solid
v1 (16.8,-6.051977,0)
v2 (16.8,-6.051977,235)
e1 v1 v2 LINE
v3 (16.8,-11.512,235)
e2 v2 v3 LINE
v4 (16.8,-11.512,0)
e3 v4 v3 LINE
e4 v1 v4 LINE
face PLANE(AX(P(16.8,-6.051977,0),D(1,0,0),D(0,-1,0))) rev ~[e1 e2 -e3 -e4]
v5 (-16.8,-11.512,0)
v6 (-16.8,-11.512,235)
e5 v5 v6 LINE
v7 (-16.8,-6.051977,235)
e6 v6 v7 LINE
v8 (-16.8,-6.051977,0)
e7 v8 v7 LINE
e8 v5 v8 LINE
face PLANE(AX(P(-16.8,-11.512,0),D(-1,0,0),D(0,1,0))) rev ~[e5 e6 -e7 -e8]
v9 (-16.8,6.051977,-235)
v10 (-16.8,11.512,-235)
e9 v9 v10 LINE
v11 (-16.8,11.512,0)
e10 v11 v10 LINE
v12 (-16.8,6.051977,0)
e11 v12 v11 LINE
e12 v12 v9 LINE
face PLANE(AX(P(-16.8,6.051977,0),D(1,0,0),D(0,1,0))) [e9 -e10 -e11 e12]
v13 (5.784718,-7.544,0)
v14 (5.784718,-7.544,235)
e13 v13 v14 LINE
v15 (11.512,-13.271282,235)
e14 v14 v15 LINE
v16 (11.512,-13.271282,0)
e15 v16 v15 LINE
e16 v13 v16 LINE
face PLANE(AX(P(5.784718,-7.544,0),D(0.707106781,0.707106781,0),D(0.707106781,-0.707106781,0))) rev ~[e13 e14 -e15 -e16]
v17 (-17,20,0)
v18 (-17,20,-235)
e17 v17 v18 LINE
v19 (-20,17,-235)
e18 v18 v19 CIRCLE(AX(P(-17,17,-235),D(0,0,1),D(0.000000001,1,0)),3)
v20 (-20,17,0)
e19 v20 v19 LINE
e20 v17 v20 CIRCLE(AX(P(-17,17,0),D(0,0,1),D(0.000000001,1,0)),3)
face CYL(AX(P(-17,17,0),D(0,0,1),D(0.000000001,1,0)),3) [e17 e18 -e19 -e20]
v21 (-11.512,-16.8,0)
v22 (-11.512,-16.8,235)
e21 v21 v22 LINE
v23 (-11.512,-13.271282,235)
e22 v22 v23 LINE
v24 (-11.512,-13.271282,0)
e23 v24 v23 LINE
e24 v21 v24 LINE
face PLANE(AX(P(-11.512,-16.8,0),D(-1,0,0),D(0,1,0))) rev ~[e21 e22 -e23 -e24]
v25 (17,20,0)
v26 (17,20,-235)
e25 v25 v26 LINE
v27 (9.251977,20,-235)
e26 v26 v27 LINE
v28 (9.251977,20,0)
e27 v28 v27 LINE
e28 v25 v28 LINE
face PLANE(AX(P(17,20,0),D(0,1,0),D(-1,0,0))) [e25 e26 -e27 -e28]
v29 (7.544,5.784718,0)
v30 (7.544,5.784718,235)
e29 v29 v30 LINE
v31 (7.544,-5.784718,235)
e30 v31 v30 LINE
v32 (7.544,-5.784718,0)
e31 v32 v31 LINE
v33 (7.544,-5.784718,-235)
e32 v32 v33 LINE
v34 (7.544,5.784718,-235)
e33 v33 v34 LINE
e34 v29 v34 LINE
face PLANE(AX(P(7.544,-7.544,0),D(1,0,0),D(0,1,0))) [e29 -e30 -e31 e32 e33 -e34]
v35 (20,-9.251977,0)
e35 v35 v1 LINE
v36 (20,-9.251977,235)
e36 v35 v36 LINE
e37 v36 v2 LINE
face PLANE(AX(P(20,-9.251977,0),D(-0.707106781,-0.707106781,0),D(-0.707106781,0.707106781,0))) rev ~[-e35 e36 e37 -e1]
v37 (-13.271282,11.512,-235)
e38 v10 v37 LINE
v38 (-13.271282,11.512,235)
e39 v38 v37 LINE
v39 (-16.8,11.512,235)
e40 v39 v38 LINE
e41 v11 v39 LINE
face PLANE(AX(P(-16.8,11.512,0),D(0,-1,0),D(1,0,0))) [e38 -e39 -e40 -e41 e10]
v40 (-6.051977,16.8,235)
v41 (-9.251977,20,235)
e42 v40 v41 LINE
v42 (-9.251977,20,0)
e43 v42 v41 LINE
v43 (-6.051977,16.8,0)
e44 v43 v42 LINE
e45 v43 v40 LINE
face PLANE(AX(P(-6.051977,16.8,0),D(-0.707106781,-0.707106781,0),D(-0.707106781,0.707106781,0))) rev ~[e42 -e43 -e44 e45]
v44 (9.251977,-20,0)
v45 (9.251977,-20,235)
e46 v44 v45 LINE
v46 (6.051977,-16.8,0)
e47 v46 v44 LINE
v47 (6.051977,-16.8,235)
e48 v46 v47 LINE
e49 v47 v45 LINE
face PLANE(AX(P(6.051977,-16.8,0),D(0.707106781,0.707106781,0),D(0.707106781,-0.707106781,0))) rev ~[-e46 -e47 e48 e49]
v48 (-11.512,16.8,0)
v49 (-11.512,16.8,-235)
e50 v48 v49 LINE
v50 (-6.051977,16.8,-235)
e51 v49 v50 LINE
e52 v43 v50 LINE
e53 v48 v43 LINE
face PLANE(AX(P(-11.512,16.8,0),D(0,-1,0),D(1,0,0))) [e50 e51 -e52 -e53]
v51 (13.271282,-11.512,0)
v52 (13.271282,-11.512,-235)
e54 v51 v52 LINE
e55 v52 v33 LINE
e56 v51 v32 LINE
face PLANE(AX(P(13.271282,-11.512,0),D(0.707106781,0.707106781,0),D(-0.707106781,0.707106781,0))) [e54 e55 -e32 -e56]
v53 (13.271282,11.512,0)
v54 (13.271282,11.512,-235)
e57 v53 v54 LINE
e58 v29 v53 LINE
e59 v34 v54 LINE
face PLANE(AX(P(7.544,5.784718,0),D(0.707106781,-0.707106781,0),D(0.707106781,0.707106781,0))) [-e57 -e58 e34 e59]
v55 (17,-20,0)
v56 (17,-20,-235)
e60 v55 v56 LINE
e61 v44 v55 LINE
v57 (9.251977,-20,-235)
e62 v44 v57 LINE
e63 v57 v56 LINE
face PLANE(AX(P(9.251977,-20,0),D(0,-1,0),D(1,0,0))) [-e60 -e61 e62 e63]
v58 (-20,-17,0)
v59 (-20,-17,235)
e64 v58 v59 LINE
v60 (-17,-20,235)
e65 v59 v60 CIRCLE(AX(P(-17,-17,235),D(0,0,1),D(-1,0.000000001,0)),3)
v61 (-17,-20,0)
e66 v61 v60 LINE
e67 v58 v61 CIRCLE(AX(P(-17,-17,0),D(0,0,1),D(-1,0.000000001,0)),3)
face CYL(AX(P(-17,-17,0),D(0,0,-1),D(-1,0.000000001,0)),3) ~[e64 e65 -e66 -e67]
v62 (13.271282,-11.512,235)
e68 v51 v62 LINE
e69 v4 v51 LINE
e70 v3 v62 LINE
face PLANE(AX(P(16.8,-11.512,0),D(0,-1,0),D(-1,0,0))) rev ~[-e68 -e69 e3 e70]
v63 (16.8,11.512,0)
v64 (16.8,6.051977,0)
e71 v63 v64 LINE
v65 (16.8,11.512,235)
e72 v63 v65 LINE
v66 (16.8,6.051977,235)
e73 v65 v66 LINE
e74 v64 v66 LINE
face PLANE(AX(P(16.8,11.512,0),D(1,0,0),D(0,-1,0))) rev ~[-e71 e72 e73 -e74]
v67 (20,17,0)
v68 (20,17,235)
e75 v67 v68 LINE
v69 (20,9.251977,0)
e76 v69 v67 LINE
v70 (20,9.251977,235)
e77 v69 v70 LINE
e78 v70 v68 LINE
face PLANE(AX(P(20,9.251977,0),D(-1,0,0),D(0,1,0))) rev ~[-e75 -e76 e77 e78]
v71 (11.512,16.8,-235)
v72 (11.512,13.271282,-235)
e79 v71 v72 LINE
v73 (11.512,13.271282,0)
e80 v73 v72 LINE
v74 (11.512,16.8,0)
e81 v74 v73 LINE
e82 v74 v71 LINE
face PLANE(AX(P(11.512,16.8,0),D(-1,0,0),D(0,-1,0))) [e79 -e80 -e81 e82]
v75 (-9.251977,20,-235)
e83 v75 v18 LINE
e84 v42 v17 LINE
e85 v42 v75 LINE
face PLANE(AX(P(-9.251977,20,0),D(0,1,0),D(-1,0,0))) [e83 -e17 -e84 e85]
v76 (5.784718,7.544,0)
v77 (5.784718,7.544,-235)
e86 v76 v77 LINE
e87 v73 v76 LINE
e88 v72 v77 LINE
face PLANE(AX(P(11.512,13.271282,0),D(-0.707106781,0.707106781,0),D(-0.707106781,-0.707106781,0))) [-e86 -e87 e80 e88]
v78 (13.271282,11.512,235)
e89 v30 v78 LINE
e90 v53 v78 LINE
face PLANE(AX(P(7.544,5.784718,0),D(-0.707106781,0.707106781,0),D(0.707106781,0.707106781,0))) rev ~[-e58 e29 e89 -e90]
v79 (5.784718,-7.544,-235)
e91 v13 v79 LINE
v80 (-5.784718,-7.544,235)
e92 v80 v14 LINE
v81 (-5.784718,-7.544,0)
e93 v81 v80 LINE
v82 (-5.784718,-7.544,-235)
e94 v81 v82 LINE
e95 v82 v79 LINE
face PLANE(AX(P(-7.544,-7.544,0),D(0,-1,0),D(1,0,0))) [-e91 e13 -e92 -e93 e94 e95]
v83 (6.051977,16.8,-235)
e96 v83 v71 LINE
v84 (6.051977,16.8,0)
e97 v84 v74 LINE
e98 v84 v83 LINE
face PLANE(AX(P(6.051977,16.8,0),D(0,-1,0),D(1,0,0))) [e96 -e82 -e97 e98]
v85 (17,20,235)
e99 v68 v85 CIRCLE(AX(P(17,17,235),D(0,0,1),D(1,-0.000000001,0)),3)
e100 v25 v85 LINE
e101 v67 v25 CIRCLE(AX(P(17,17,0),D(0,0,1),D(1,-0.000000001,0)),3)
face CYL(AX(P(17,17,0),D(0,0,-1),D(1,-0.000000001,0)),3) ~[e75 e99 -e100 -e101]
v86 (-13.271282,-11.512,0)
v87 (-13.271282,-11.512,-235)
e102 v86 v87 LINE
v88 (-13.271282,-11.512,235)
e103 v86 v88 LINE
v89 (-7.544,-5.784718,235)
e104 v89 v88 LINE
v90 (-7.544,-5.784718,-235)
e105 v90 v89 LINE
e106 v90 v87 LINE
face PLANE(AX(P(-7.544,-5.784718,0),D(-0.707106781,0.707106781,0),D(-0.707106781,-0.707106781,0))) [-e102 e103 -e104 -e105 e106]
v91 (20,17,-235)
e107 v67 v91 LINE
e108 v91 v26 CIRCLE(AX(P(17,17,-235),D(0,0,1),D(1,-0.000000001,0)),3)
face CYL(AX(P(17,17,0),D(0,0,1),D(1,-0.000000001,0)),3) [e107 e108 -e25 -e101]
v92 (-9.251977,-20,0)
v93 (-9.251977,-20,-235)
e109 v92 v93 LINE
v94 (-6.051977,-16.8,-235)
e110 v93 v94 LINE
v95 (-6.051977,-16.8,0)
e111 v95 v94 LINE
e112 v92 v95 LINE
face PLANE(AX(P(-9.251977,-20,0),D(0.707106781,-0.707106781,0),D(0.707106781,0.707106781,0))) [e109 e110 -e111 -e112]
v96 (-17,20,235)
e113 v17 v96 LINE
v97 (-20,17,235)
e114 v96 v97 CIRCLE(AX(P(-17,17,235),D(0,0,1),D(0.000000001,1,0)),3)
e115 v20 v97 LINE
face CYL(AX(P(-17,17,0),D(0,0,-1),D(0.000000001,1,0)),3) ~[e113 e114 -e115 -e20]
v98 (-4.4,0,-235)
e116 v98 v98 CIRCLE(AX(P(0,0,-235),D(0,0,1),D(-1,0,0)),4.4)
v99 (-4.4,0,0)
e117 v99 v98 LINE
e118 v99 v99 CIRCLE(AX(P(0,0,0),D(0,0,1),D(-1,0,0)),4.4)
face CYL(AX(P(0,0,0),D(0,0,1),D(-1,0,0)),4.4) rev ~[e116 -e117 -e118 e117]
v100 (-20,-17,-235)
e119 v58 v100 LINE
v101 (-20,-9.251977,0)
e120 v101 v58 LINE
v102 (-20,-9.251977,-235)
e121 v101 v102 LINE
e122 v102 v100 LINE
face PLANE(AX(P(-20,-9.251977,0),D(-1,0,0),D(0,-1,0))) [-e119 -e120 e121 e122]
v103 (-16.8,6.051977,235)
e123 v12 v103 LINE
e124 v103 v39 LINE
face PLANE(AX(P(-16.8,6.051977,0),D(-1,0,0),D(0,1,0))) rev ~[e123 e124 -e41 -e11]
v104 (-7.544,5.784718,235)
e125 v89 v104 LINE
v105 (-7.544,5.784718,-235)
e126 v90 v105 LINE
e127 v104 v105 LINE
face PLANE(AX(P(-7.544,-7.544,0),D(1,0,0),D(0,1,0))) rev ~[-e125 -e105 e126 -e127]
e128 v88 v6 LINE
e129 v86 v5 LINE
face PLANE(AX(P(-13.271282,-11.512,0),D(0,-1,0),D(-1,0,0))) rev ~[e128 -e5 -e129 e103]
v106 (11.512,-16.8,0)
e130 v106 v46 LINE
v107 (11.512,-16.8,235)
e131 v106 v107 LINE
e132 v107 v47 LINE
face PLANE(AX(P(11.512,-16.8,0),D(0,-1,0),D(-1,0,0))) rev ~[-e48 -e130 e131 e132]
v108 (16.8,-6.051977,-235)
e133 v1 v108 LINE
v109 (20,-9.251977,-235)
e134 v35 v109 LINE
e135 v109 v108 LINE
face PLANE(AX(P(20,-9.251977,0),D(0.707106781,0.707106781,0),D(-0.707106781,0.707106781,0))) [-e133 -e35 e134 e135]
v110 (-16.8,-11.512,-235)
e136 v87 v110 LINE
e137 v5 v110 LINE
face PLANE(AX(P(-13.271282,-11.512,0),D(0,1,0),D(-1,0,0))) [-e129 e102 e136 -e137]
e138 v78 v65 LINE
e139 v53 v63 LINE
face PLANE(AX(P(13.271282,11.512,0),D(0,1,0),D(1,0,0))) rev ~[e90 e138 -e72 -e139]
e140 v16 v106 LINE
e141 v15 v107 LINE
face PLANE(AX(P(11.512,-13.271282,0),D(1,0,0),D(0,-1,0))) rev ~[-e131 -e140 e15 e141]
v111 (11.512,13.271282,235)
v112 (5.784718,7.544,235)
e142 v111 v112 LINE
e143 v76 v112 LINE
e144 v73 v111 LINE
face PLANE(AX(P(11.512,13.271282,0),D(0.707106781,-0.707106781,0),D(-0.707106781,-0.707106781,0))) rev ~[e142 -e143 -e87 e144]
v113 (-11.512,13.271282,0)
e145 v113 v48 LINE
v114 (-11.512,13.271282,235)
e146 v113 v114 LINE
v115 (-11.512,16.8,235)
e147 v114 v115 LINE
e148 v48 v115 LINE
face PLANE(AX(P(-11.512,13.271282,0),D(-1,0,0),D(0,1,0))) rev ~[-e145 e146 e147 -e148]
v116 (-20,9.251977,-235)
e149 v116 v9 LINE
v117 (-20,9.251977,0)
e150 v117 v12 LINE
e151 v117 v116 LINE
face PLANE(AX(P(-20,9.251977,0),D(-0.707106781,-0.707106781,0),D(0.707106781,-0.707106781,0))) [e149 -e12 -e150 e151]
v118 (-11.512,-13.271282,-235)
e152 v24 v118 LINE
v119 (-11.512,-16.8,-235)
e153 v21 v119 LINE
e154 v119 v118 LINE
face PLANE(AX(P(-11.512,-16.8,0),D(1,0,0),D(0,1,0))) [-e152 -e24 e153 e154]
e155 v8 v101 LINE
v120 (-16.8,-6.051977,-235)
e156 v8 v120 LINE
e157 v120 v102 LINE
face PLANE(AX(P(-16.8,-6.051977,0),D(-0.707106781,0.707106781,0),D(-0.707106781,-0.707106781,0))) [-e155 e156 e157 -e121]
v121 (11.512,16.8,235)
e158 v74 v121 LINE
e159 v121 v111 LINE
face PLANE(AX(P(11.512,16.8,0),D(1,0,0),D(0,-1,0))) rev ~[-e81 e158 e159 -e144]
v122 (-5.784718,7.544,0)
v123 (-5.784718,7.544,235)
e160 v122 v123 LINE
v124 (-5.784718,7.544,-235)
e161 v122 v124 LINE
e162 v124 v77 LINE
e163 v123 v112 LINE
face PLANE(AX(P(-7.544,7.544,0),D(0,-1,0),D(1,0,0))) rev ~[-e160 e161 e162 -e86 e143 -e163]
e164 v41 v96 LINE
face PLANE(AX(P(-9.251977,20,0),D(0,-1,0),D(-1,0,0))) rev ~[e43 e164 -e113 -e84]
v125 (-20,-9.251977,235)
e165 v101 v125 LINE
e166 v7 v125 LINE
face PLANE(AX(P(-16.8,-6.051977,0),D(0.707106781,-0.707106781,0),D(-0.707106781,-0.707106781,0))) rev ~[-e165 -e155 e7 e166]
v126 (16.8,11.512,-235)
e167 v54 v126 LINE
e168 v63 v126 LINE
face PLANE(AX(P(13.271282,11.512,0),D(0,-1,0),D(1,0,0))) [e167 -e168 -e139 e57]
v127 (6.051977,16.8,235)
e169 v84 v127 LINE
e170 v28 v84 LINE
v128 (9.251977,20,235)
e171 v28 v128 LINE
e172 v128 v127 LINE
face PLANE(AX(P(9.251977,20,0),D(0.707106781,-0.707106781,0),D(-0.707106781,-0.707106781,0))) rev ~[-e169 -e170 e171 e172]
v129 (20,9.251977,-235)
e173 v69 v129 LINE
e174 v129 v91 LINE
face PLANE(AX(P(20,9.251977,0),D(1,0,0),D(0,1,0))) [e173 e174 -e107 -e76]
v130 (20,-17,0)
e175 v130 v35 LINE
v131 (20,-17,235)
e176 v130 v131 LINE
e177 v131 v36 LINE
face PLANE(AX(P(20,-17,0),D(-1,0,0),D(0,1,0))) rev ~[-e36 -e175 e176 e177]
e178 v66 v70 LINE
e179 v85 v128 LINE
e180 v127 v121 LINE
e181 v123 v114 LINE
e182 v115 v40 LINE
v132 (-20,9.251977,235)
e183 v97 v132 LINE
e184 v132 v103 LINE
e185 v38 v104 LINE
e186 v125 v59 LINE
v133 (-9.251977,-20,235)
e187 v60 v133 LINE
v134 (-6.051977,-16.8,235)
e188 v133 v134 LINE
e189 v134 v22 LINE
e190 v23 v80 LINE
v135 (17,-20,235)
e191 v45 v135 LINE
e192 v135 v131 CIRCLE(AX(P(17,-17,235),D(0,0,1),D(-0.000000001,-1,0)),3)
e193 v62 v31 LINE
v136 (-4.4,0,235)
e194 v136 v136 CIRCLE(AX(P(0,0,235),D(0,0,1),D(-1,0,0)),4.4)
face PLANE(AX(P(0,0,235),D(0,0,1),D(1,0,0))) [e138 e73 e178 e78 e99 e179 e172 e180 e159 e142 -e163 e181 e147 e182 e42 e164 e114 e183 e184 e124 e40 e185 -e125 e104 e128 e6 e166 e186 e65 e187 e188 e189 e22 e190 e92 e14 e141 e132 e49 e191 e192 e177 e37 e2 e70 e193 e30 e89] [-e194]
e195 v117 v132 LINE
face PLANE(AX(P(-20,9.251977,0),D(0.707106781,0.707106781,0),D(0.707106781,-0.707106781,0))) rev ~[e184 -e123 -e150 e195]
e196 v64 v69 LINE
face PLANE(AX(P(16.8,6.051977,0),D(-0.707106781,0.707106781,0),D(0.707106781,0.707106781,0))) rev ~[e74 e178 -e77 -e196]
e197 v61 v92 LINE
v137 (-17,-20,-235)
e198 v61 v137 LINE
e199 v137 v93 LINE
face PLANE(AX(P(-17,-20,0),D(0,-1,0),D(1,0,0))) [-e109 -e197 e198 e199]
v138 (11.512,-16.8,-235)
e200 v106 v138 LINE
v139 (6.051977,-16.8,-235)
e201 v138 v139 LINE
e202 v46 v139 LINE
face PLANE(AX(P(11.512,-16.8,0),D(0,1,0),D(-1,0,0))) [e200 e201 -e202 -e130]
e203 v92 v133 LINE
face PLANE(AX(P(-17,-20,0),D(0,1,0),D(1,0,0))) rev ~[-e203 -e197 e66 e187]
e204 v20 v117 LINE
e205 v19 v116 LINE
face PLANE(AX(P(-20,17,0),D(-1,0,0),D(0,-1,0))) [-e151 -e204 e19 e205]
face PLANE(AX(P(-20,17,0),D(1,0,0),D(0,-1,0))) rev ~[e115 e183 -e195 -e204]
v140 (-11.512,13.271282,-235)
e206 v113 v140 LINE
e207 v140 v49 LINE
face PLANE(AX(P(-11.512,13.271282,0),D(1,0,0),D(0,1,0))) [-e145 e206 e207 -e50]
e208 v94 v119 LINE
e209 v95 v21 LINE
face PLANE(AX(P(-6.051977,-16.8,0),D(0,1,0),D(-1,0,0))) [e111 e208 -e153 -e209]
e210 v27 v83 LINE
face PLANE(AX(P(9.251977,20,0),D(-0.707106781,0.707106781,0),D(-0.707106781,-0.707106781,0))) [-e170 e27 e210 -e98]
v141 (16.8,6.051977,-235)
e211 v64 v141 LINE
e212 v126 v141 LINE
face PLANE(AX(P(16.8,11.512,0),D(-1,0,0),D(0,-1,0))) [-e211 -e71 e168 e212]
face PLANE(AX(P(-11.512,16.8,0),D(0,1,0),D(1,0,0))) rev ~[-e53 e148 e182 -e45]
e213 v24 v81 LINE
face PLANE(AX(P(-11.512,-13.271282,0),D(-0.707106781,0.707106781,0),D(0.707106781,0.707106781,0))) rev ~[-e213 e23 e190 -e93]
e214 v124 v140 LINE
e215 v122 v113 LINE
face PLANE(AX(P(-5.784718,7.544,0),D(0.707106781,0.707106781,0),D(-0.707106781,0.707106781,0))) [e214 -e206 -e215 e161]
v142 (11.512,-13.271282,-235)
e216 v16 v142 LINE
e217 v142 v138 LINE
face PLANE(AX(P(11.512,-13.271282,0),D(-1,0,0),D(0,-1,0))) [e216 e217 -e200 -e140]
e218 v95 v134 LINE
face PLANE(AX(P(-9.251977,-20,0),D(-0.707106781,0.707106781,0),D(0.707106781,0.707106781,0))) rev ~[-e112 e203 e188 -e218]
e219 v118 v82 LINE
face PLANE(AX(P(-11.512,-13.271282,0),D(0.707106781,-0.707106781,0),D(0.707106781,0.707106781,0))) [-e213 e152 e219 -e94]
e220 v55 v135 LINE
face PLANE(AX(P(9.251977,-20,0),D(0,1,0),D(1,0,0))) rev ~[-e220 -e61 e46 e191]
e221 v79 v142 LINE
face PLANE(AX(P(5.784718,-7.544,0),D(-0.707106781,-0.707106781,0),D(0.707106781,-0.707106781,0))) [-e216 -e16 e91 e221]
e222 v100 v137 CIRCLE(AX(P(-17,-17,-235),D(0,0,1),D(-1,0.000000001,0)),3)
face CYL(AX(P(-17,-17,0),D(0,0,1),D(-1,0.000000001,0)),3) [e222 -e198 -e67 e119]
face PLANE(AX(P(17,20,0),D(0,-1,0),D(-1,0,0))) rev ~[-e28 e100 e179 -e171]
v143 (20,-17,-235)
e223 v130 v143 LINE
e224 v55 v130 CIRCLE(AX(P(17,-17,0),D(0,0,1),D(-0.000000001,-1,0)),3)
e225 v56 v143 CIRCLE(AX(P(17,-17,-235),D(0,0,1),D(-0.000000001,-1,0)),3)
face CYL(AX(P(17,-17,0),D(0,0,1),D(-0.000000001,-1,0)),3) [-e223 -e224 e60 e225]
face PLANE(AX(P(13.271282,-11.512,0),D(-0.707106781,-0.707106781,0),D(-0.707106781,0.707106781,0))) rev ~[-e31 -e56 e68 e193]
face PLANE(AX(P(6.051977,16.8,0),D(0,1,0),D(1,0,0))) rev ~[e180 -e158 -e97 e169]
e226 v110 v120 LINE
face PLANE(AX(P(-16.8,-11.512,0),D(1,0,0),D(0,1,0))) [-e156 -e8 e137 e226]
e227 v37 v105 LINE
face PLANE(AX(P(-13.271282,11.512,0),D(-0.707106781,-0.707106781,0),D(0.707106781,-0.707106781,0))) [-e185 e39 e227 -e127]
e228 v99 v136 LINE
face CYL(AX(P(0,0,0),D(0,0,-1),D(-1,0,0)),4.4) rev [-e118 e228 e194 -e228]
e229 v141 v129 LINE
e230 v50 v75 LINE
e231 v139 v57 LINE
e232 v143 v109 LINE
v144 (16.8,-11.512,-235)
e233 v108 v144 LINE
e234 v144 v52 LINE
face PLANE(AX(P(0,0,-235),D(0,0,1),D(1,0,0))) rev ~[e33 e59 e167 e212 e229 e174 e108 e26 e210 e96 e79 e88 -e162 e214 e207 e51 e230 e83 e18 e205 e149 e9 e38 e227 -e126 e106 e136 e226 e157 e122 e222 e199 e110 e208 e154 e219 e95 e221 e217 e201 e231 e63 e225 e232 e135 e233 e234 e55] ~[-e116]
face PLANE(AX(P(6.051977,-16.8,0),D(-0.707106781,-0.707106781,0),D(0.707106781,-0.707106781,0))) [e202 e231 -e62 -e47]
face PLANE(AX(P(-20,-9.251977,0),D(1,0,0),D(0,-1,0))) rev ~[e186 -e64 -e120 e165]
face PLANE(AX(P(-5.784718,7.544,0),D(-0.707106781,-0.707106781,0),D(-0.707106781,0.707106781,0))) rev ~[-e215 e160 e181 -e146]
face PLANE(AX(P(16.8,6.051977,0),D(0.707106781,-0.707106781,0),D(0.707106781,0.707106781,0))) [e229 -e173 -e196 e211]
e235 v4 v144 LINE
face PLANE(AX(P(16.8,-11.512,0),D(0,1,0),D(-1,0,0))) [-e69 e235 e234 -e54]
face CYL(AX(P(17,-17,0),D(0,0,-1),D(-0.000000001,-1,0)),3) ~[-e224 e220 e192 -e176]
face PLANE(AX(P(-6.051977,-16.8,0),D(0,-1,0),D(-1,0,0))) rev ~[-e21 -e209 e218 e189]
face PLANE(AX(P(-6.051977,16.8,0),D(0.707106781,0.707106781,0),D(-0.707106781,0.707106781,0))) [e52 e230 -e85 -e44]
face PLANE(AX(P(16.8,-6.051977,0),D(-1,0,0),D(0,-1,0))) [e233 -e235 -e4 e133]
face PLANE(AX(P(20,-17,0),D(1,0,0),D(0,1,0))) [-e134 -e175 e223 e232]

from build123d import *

# Parameters (mm, degrees)
SKETCH1_W           = 15.088
SKETCH1_H           = 15.088
SKETCH1_R           = 4.4
BOSS_EXTRUDE1_DEPTH = 235


with BuildPart() as part:
    # Sketch1 → Boss-Extrude1 (new, symmetric)
    # profile 1 of 5: a face of its own
    with BuildSketch(Plane.XY):
        with BuildLine():
            Line((-7.544, 7.544), (-5.784718328, 7.544))
            Line((-5.784718328, 7.544), (-11.512, 13.271281672))
            Line((-11.512, 13.271281672), (-11.512, 16.8))
            Line((-11.512, 16.8), (-6.051976926, 16.8))
            Line((-6.051976926, 16.8), (-9.251976926, 20))
            Line((-9.251976926, 20), (-17, 20))
            ThreePointArc((-17, 20), (-19.121320344, 19.121320344), (-20, 17))
            Line((-20, 17), (-20, 9.251976926))
            Line((-20, 9.251976926), (-16.8, 6.051976926))
            Line((-16.8, 6.051976926), (-16.8, 11.512))
            Line((-16.8, 11.512), (-13.271281672, 11.512))
            Line((-13.271281672, 11.512), (-7.544, 5.784718328))
            Line((-7.544, 5.784718328), (-7.544, 7.544))
        make_face()
    # profile 2 of 5: a face of its own
    with BuildSketch(Plane.XY):
        with BuildLine():
            Line((11.512, 13.271281672), (5.784718328, 7.544))
            Line((5.784718328, 7.544), (7.544, 7.544))
            Line((7.544, 7.544), (7.544, 5.784718328))
            Line((7.544, 5.784718328), (13.271281672, 11.512))
            Line((13.271281672, 11.512), (16.8, 11.512))
            Line((16.8, 11.512), (16.8, 6.051976926))
            Line((16.8, 6.051976926), (20, 9.251976926))
            Line((20, 9.251976926), (20, 17))
            ThreePointArc((20, 17), (19.121320344, 19.121320344), (17, 20))
            Line((17, 20), (9.251976926, 20))
            Line((9.251976926, 20), (6.051976926, 16.8))
            Line((6.051976926, 16.8), (11.512, 16.8))
            Line((11.512, 16.8), (11.512, 13.271281672))
        make_face()
    # profile 3 of 5: a face of its own
    with BuildSketch(Plane.XY):
        with BuildLine():
            Line((-7.544, -7.544), (-7.544, -5.784718328))
            Line((-7.544, -5.784718328), (-13.271281672, -11.512))
            Line((-13.271281672, -11.512), (-16.8, -11.512))
            Line((-16.8, -11.512), (-16.8, -6.051976926))
            Line((-16.8, -6.051976926), (-20, -9.251976926))
            Line((-20, -9.251976926), (-20, -17))
            ThreePointArc((-20, -17), (-19.121320344, -19.121320344), (-17, -20))
            Line((-17, -20), (-9.251976926, -20))
            Line((-9.251976926, -20), (-6.051976926, -16.8))
            Line((-6.051976926, -16.8), (-11.512, -16.8))
            Line((-11.512, -16.8), (-11.512, -13.271281672))
            Line((-11.512, -13.271281672), (-5.784718328, -7.544))
            Line((-5.784718328, -7.544), (-7.544, -7.544))
        make_face()
    # profile 4 of 5: a face of its own
    with BuildSketch(Plane.XY):
        with BuildLine():
            Line((13.271281672, -11.512), (7.544, -5.784718328))
            Line((7.544, -5.784718328), (7.544, -7.544))
            Line((7.544, -7.544), (5.784718328, -7.544))
            Line((5.784718328, -7.544), (11.512, -13.271281672))
            Line((11.512, -13.271281672), (11.512, -16.8))
            Line((11.512, -16.8), (6.051976926, -16.8))
            Line((6.051976926, -16.8), (9.251976926, -20))
            Line((9.251976926, -20), (17, -20))
            ThreePointArc((17, -20), (19.121320344, -19.121320344), (20, -17))
            Line((20, -17), (20, -9.251976926))
            Line((20, -9.251976926), (16.8, -6.051976926))
            Line((16.8, -6.051976926), (16.8, -11.512))
            Line((16.8, -11.512), (13.271281672, -11.512))
        make_face()
    # profile 5 of 5: a face of its own
    with BuildSketch(Plane.XY):
        Rectangle(SKETCH1_W, SKETCH1_H)
        with Locations(Location((0, 0, 0), (0, 0, 180))):
            Circle(SKETCH1_R, mode=Mode.SUBTRACT)
    extrude(amount=BOSS_EXTRUDE1_DEPTH, both=True)


solid = part.part
